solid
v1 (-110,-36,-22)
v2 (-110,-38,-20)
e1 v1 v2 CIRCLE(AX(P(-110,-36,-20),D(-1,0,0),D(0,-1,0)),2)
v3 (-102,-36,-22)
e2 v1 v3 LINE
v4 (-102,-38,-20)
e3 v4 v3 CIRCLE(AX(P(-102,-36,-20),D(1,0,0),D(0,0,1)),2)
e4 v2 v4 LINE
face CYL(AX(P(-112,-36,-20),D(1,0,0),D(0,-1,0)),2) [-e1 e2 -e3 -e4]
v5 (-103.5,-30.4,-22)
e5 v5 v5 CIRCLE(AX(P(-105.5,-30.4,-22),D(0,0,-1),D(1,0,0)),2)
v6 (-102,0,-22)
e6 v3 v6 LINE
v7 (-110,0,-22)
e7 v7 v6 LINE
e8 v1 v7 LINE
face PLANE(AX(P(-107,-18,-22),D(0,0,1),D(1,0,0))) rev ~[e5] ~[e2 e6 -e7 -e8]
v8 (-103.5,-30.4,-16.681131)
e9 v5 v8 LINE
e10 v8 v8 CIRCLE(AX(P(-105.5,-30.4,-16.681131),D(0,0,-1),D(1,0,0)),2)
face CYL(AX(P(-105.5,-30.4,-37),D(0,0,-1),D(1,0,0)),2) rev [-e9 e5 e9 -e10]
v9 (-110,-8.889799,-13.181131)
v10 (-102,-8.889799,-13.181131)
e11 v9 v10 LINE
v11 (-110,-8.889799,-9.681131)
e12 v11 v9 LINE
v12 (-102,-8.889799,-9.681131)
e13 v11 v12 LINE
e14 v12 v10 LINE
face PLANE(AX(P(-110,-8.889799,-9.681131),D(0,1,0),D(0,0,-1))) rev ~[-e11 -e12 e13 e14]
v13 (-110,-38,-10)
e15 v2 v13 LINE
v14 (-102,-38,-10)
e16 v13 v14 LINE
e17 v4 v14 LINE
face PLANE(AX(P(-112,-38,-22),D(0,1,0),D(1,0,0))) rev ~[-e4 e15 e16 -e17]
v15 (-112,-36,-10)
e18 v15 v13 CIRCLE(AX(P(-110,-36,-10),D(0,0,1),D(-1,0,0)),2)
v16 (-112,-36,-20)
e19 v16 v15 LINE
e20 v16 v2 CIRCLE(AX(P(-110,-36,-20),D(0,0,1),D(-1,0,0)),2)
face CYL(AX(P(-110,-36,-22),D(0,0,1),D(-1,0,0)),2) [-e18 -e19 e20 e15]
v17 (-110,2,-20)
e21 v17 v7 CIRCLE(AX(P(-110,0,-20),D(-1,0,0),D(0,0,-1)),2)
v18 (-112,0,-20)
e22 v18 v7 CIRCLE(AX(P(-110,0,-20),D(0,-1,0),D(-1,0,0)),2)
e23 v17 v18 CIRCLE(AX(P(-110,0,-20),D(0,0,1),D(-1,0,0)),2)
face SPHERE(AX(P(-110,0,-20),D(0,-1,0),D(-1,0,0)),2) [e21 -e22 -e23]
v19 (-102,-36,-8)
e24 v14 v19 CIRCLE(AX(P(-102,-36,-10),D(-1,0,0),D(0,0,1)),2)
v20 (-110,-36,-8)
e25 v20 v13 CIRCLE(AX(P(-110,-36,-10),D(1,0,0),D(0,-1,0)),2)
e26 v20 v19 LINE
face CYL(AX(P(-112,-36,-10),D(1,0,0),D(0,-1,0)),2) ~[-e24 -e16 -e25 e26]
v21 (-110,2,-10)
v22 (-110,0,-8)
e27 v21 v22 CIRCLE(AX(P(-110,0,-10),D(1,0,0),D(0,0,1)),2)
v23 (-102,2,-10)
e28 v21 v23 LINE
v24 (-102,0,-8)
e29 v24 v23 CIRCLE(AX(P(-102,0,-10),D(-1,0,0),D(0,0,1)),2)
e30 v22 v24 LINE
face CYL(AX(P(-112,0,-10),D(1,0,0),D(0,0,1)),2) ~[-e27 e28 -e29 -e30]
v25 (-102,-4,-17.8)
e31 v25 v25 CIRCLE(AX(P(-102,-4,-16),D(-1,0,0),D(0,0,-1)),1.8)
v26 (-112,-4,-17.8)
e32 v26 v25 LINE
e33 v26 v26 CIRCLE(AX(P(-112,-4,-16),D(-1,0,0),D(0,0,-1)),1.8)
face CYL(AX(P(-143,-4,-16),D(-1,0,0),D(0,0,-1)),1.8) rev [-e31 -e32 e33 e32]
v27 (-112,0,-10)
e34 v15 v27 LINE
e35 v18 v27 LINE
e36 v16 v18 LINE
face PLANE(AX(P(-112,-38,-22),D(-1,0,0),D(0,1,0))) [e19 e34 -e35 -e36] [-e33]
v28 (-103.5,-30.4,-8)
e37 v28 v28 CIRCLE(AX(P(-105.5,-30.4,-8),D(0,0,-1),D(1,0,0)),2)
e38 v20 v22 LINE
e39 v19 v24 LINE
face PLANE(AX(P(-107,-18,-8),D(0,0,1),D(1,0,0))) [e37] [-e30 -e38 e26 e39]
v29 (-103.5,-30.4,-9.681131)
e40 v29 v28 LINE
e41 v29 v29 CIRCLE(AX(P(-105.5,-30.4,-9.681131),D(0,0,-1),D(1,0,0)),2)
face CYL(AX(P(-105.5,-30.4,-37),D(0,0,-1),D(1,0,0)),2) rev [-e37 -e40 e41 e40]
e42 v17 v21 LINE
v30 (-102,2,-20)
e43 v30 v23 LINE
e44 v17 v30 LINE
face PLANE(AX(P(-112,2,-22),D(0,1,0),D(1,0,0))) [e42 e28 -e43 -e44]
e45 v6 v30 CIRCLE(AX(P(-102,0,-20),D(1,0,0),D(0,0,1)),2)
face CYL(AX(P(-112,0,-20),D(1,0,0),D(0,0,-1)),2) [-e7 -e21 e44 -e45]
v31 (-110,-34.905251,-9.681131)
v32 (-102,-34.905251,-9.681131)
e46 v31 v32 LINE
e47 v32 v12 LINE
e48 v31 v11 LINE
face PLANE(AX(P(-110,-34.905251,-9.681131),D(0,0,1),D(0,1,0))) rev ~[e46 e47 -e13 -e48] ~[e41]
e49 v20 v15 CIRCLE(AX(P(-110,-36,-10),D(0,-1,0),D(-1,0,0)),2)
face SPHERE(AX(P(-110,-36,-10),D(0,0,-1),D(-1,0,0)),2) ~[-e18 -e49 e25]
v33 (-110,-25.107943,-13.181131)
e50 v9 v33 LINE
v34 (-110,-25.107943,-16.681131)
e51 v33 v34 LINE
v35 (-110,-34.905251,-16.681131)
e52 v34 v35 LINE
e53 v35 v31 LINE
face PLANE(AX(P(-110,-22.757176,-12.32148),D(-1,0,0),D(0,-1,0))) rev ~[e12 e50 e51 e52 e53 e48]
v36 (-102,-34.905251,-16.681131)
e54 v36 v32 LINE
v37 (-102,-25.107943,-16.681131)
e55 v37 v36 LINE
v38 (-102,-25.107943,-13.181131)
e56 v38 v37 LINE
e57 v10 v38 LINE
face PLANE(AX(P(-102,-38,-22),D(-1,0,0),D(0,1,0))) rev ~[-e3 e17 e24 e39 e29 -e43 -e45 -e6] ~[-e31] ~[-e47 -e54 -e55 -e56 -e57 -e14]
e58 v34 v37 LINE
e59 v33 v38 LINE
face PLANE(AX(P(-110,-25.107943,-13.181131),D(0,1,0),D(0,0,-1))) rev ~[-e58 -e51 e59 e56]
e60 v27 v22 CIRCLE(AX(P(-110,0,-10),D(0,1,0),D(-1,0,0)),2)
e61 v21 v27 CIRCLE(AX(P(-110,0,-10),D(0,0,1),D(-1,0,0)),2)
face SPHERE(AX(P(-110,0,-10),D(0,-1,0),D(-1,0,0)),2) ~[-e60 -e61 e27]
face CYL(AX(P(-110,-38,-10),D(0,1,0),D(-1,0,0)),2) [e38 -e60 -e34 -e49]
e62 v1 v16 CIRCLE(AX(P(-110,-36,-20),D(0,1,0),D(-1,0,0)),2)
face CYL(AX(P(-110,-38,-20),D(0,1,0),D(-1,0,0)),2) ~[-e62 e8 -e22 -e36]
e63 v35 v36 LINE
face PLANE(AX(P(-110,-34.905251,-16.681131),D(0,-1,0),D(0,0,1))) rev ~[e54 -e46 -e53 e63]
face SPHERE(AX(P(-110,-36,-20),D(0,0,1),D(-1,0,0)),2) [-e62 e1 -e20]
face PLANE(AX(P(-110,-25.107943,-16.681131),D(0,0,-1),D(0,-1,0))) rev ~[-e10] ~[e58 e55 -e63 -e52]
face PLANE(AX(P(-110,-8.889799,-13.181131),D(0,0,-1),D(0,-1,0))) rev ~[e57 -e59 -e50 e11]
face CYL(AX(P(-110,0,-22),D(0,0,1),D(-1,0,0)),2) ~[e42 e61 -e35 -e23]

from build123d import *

# Parameters (mm, degrees)
CYLINDER009_R     = 2
CYLINDER009_DEPTH = 50
PAD001_DEPTH      = 30
CYLINDER008_R     = 1.8
CYLINDER008_DEPTH = 50
BOX006_W          = 10
BOX006_H          = 40
BOX006_DEPTH      = 14
FILLET_R          = 2


with BuildPart() as cylinder009:
    # Cylinder009 → Cylinder009 (new body)
    with BuildSketch(Plane(origin=(-105.5, -30.4, -37), x_dir=(1, 0, 0), z_dir=(0, 0, 1))):
        Circle(CYLINDER009_R)
    extrude(amount=CYLINDER009_DEPTH)


with BuildPart() as body001:
    # Sketch001 → Pad001 (new body)
    with BuildSketch(Plane.YZ):
        Polygon((-34.905251, -9.681131), (-8.889799, -9.681131), (-8.889799, -13.181131), (-25.107943, -13.181131), (-25.107943, -16.681131), (-34.905251, -16.681131), align=None)
    extrude(amount=PAD001_DEPTH)


with BuildPart() as body001_1:
    # Body001 placement: moved
    add(body001.part.moved(Location((-110, 0, 0))))


with BuildPart() as fusion001005:
    # Cylinder008 → Cylinder008 (new body)
    with BuildSketch(Plane(origin=(-143, -4, -16), x_dir=(0, 0, -1), z_dir=(1, 0, 0))):
        Circle(CYLINDER008_R)
    extrude(amount=CYLINDER008_DEPTH)

    # Fusion001005: union Cylinder009, Body001
    add(cylinder009.part)
    add(body001_1.part)


with BuildPart() as fillet_body:
    # Box006 → Box006 (new body)
    with BuildSketch(Plane(origin=(-112, -38, -22), x_dir=(1, 0, 0), z_dir=(0, 0, 1))):
        with Locations((5, 20)):
            Rectangle(BOX006_W, BOX006_H)
    extrude(amount=BOX006_DEPTH)

    # Cut009: cut Fusion001005
    add(fusion001005.part, mode=Mode.SUBTRACT)

    # Fillet
    fillet_edges = [fillet_body.edges().sort_by_distance(p)[0] for p in [
        (-112, -38, -15),
        (-112, -18, -8),
        (-112, -18, -22),
        (-112, 2, -15),
        (-107, -38, -22),
        (-107, -38, -8),
        (-107, 2, -8),
        (-107, 2, -22),
    ]]
    fillet(fillet_edges, radius=FILLET_R)


solid = fillet_body.part
